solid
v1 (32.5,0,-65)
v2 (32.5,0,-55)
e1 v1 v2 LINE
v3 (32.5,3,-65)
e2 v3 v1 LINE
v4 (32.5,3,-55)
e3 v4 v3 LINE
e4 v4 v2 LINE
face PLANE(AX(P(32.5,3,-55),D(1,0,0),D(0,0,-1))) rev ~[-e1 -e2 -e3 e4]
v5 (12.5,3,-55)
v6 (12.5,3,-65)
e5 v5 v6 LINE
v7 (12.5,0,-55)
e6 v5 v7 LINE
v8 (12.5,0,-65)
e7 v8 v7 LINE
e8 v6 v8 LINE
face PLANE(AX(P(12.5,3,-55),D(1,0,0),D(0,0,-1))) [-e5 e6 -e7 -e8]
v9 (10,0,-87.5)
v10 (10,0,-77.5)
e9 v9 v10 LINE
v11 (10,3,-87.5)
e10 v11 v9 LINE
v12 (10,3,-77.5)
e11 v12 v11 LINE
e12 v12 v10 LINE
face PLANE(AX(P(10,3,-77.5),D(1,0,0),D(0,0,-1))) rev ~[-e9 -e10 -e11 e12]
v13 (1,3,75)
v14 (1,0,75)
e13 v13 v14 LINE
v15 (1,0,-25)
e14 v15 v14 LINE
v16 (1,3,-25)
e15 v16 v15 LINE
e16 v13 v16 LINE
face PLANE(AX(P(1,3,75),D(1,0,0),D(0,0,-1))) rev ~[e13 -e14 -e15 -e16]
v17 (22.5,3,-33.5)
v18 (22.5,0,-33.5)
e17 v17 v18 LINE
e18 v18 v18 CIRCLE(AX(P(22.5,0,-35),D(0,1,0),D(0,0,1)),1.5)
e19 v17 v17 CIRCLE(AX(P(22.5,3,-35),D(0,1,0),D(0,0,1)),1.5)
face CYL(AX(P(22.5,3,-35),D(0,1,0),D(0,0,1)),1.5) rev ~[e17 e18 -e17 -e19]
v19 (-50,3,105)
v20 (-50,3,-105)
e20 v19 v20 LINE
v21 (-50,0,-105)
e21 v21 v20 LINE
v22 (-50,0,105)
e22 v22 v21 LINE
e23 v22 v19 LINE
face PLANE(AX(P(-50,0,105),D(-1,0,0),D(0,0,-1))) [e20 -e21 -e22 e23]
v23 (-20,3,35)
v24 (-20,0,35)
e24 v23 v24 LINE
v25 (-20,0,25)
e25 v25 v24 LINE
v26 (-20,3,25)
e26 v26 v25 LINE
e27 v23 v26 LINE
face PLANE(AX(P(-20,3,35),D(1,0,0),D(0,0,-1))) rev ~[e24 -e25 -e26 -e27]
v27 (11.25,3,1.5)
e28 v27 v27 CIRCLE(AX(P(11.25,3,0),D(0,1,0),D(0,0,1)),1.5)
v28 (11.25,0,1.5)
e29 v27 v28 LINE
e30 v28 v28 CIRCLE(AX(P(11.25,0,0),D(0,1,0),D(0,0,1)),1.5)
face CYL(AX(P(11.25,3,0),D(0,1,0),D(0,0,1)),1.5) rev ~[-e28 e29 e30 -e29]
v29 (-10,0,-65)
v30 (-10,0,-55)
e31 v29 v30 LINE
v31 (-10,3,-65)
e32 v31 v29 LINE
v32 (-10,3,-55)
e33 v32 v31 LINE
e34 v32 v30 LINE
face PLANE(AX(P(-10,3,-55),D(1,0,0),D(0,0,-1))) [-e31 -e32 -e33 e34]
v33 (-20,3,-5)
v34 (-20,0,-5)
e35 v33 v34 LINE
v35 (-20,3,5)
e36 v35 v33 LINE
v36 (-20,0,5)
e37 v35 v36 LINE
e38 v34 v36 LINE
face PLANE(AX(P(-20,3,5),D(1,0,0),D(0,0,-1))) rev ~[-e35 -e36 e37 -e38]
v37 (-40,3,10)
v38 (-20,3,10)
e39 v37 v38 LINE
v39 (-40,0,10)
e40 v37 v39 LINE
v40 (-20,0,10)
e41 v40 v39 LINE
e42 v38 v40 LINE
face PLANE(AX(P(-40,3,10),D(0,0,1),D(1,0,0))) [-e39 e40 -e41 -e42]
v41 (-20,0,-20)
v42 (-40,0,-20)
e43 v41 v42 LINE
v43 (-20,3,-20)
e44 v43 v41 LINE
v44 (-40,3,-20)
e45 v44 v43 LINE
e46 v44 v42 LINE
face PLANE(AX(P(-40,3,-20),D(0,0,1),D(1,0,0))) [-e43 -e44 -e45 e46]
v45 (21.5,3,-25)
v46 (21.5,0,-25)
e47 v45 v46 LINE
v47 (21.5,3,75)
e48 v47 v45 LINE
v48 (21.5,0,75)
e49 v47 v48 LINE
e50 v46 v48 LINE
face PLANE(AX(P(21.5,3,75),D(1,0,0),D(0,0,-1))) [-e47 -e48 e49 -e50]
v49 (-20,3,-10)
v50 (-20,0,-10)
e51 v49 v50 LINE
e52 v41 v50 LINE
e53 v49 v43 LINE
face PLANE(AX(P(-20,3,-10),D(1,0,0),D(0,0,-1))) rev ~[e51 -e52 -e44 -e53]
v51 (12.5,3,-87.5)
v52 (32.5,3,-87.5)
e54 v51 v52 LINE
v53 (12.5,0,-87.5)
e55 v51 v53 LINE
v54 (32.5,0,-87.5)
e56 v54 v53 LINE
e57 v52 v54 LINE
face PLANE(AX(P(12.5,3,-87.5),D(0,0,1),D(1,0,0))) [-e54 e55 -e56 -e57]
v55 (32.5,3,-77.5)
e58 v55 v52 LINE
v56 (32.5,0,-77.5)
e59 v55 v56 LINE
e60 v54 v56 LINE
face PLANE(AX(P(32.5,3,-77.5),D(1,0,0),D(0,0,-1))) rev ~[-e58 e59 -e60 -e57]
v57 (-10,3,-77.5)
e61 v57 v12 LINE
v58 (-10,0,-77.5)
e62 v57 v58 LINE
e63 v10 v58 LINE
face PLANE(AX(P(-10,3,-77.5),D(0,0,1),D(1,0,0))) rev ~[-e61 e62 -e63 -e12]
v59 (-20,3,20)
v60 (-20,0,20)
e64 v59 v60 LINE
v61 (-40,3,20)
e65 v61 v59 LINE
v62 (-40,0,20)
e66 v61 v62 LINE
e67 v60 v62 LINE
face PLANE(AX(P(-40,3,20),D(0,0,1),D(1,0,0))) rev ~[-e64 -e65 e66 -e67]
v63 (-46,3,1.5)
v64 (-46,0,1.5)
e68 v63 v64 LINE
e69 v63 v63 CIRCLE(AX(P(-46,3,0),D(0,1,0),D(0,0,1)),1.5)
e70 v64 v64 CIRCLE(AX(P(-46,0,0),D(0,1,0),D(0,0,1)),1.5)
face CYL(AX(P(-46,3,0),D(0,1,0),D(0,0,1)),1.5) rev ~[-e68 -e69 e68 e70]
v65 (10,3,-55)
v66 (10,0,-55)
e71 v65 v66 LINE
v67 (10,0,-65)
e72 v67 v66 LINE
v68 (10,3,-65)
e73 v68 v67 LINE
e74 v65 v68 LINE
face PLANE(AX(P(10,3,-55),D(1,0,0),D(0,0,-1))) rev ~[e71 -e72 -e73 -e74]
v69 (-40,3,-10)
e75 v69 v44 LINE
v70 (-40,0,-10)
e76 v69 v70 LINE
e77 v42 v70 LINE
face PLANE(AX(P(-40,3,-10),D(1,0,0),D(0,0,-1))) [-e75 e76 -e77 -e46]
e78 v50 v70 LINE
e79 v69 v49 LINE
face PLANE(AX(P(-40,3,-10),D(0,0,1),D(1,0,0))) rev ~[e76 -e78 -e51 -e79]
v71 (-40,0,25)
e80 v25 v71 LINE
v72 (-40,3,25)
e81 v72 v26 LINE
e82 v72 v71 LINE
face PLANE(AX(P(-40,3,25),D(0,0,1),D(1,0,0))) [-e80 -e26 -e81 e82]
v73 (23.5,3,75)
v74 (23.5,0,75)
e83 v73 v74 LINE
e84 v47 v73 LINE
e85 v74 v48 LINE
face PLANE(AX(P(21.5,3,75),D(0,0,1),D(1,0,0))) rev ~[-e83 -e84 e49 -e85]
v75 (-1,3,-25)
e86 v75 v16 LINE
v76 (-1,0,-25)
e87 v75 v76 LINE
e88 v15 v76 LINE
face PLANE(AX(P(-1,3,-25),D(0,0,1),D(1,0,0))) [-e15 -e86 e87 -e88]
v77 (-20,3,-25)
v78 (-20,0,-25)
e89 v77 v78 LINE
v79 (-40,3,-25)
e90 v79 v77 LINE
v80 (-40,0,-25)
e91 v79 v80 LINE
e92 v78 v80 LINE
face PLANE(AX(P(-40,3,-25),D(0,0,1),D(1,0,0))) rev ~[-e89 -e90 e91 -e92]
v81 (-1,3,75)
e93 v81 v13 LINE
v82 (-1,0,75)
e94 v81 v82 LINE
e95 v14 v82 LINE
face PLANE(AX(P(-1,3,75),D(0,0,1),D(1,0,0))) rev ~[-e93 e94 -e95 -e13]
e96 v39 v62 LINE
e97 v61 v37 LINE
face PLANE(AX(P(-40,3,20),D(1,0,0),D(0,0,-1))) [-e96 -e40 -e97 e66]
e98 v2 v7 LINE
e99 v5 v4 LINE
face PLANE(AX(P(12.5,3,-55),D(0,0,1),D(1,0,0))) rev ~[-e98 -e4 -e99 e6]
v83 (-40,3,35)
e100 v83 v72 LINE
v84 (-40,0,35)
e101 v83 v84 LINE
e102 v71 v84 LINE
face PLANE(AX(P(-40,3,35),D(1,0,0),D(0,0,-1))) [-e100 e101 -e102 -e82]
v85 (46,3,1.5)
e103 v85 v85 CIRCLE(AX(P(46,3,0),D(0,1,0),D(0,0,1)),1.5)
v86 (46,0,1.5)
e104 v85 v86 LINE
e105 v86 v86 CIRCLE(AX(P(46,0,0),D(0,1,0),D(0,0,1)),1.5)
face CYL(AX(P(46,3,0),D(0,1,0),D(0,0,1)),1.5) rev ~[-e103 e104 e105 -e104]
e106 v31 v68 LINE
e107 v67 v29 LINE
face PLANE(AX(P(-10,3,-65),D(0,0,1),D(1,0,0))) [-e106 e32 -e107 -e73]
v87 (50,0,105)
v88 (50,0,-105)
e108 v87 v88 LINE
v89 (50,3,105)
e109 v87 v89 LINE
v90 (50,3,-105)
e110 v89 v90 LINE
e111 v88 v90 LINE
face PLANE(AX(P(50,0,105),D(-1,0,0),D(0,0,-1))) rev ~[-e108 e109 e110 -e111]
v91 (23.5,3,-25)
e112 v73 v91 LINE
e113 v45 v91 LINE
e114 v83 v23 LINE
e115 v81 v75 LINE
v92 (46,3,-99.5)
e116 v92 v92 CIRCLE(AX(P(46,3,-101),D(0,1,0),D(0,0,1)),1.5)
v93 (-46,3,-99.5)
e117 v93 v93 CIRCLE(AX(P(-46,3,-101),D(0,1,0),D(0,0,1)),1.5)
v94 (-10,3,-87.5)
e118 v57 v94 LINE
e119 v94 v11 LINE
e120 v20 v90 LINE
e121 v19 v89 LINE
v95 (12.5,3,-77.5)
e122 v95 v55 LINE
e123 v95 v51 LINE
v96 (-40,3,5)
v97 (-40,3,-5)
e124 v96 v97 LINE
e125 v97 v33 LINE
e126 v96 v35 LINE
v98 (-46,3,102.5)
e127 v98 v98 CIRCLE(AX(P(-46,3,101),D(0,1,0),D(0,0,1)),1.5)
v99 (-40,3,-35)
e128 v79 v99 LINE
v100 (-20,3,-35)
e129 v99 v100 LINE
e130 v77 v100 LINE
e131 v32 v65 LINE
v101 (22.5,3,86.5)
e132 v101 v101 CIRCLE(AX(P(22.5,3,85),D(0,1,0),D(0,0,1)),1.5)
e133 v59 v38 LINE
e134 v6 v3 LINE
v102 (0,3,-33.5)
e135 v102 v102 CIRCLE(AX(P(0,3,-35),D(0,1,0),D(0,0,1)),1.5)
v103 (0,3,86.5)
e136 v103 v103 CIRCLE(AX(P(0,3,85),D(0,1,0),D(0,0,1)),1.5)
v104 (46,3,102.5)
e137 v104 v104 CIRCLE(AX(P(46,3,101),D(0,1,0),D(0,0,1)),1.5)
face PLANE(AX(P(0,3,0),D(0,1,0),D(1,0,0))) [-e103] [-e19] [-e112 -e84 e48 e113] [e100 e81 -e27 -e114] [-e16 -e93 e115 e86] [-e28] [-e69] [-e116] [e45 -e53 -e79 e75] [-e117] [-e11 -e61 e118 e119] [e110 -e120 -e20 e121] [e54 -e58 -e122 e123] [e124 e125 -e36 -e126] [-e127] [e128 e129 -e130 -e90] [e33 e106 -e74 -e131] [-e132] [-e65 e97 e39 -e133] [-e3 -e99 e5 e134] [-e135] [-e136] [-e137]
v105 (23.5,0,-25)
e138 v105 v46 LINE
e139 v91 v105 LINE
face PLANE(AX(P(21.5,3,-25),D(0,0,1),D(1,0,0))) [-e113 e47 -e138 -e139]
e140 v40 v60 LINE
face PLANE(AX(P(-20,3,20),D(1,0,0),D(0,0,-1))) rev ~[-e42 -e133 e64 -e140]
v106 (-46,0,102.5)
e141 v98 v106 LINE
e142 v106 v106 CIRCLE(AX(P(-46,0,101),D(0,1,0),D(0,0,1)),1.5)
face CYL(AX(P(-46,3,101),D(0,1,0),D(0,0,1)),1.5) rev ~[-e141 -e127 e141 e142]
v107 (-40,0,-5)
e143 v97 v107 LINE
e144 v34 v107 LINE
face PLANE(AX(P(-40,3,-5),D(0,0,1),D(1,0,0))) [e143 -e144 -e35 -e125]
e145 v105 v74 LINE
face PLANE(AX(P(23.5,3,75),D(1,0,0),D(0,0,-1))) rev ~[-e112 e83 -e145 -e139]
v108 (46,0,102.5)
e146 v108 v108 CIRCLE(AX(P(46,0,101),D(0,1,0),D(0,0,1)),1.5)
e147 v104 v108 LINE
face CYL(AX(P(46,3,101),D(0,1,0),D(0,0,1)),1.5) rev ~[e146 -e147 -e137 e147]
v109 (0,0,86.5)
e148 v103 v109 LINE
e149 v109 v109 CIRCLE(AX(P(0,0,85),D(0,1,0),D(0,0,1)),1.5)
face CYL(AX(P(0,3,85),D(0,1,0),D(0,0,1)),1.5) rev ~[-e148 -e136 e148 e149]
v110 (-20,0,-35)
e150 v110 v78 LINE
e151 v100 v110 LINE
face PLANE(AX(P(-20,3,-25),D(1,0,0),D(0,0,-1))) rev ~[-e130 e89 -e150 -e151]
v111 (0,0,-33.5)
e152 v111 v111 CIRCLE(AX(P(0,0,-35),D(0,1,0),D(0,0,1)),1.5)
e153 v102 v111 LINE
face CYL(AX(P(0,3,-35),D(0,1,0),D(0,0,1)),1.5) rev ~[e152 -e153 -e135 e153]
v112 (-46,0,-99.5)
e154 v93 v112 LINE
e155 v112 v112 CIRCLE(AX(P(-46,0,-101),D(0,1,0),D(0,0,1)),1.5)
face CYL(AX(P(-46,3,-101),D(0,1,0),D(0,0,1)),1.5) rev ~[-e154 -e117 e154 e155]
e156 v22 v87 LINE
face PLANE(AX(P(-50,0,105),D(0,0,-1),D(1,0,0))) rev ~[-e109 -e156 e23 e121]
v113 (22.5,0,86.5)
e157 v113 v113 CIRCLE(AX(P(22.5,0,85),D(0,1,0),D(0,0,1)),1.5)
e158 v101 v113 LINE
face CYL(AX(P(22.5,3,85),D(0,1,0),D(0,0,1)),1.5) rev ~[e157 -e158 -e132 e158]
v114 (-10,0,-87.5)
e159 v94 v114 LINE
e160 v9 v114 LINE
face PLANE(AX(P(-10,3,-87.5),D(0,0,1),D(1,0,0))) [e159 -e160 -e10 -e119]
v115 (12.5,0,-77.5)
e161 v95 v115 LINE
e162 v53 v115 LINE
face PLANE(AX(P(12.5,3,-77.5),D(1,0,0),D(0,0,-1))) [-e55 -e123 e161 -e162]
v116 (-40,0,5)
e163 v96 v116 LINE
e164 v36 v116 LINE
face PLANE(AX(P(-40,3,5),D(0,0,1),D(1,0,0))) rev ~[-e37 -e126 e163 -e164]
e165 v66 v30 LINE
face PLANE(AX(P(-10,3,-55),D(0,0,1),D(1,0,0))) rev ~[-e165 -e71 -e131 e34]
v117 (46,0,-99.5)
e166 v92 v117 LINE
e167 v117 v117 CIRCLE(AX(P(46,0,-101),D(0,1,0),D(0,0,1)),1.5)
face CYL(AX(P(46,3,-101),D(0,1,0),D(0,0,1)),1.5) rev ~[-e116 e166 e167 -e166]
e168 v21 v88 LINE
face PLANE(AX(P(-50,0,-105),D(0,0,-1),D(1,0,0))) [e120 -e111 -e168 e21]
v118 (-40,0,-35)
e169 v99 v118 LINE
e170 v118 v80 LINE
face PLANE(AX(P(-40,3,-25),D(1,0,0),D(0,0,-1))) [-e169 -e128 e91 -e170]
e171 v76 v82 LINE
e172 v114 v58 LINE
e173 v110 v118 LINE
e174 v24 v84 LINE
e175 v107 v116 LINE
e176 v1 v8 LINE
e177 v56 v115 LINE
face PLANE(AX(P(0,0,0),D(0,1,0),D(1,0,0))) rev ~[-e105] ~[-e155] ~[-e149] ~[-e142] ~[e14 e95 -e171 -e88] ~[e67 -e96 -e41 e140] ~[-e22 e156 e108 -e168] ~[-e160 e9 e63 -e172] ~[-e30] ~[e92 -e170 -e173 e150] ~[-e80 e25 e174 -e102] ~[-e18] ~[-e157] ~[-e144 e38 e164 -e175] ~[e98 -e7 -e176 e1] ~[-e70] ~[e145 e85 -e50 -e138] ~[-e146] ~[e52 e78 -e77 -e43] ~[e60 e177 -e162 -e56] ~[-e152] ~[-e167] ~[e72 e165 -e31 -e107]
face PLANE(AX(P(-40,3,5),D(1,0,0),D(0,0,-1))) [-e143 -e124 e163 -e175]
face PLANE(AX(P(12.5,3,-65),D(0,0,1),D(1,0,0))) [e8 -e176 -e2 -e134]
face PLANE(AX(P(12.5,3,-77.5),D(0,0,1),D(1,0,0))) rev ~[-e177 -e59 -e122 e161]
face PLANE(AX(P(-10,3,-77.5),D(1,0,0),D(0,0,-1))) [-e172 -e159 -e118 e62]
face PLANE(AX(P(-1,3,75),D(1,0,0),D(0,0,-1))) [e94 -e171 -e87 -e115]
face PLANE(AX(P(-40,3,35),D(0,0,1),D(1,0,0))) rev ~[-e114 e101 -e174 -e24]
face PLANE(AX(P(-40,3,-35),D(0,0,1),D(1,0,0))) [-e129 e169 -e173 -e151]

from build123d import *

# Parameters (mm, degrees)
SKETCH1_W            = 100
SKETCH1_H            = 210
BOSS_EXTRUDE1_DEPTH  = 3
CUT_EXTRUDE1_REACH   = 118.336
SKETCH3_R            = 1.5
SKETCH3_W            = 2
SKETCH3_H            = 100
LPATTERN1_COUNT      = 2
LPATTERN1_PITCH      = 22.5
CUT_EXTRUDE2_REACH   = 118.336
SKETCH4_W            = 20
SKETCH4_H            = 10
LPATTERN2_COUNT      = 2
LPATTERN2_PITCH      = 22.5
LPATTERN2_COUNT_DIR2 = 2
LPATTERN2_PITCH_DIR2 = 22.5
CUT_EXTRUDE3_REACH   = 118.336
SKETCH5_R            = 1.5
CUT_EXTRUDE4_REACH   = 118.336
SKETCH6_W            = 20
SKETCH6_H            = 10
LPATTERN3_COUNT      = 5
LPATTERN3_PITCH      = 15
CUT_EXTRUDE5_REACH   = 118.336
SKETCH7_R            = 1.5
CUT_EXTRUDE6_REACH   = 118.336
SKETCH8_R            = 1.5


with BuildPart() as part:
    # Sketch1 → Boss-Extrude1 (new body)
    with BuildSketch(Plane(origin=(0, 0, 0), x_dir=(1, 0, 0), z_dir=(0, 1, 0))):
        Rectangle(SKETCH1_W, SKETCH1_H)
    extrude(amount=BOSS_EXTRUDE1_DEPTH)

    # Sketch3 → Cut-Extrude1 (cut, up to next)
    with BuildSketch(Plane(origin=(0, 3, 0), x_dir=(1, 0, 0), z_dir=(0, 1, 0)), mode=Mode.PRIVATE) as cut_extrude1_sk1:
        with Locations(Location((0, -85, 0), (0, 0, 270))):
            Circle(SKETCH3_R)
    cut_extrude1_tool1 = extrude(cut_extrude1_sk1.sketch, amount=-CUT_EXTRUDE1_REACH, mode=Mode.PRIVATE) & part.part
    # Sketch3 → Cut-Extrude1 (cut, up to next)
    with BuildSketch(Plane(origin=(0, 3, 0), x_dir=(1, 0, 0), z_dir=(0, 1, 0)), mode=Mode.PRIVATE) as cut_extrude1_sk2:
        with Locations(Location((0, 35, 0), (0, 0, 270))):
            Circle(SKETCH3_R)
    cut_extrude1_tool2 = extrude(cut_extrude1_sk2.sketch, amount=-CUT_EXTRUDE1_REACH, mode=Mode.PRIVATE) & part.part
    # Sketch3 → Cut-Extrude1 (cut, up to next)
    with BuildSketch(Plane(origin=(0, 3, 0), x_dir=(1, 0, 0), z_dir=(0, 1, 0)), mode=Mode.PRIVATE) as cut_extrude1_sk3:
        with Locations((0, -25)):
            Rectangle(SKETCH3_W, SKETCH3_H)
    cut_extrude1_tool3 = extrude(cut_extrude1_sk3.sketch, amount=-CUT_EXTRUDE1_REACH, mode=Mode.PRIVATE) & part.part
    cut_extrude1_1 = cut_extrude1_tool1.solids().sort_by_distance((0, 3, 85))[0]
    add(cut_extrude1_1, mode=Mode.SUBTRACT)
    cut_extrude1_2 = cut_extrude1_tool2.solids().sort_by_distance((0, 3, -35))[0]
    add(cut_extrude1_2, mode=Mode.SUBTRACT)
    cut_extrude1_3 = cut_extrude1_tool3.solids().sort_by_distance((0, 3, 25))[0]
    add(cut_extrude1_3, mode=Mode.SUBTRACT)
    cut_extrude1 = cut_extrude1_1 + cut_extrude1_2 + cut_extrude1_3  # Cut-Extrude1 as one shape, for the pattern or mirror that repeats it

    # LPattern1: Cut-Extrude1 ×2
    with Locations(*[(i * LPATTERN1_PITCH, 0, 0) for i in range(1, LPATTERN1_COUNT)]):
        add(cut_extrude1, mode=Mode.SUBTRACT)

    # Sketch4 → Cut-Extrude2 (cut, up to next)
    with BuildSketch(Plane(origin=(0, 3, 0), x_dir=(1, 0, 0), z_dir=(0, 1, 0)), mode=Mode.PRIVATE) as cut_extrude2_sk1:
        with Locations((0, 60)):
            Rectangle(SKETCH4_W, SKETCH4_H)
    cut_extrude2_tool1 = extrude(cut_extrude2_sk1.sketch, amount=-CUT_EXTRUDE2_REACH, mode=Mode.PRIVATE) & part.part
    cut_extrude2 = cut_extrude2_tool1.solids().sort_by_distance((0, 3, -60))[0]
    add(cut_extrude2, mode=Mode.SUBTRACT)

    # LPattern2: Cut-Extrude2 2 × 2
    with Locations(*[(i * LPATTERN2_PITCH, 0, -j * LPATTERN2_PITCH_DIR2) for i in range(LPATTERN2_COUNT) for j in range(LPATTERN2_COUNT_DIR2) if (i, j) != (0, 0)]):
        add(cut_extrude2, mode=Mode.SUBTRACT)

    # Sketch5 → Cut-Extrude3 (cut, up to next)
    with BuildSketch(Plane(origin=(0, 3, 0), x_dir=(1, 0, 0), z_dir=(0, 1, 0)), mode=Mode.PRIVATE) as cut_extrude3_sk1:
        with Locations(Location((-46, 101, 0), (0, 0, 270))):
            Circle(SKETCH5_R)
    cut_extrude3_tool1 = extrude(cut_extrude3_sk1.sketch, amount=-CUT_EXTRUDE3_REACH, mode=Mode.PRIVATE) & part.part
    # Sketch5 → Cut-Extrude3 (cut, up to next)
    with BuildSketch(Plane(origin=(0, 3, 0), x_dir=(1, 0, 0), z_dir=(0, 1, 0)), mode=Mode.PRIVATE) as cut_extrude3_sk2:
        with Locations(Location((46, 101, 0), (0, 0, 270))):
            Circle(SKETCH5_R)
    cut_extrude3_tool2 = extrude(cut_extrude3_sk2.sketch, amount=-CUT_EXTRUDE3_REACH, mode=Mode.PRIVATE) & part.part
    # Sketch5 → Cut-Extrude3 (cut, up to next)
    with BuildSketch(Plane(origin=(0, 3, 0), x_dir=(1, 0, 0), z_dir=(0, 1, 0)), mode=Mode.PRIVATE) as cut_extrude3_sk3:
        with Locations(Location((46, -101, 0), (0, 0, 270))):
            Circle(SKETCH5_R)
    cut_extrude3_tool3 = extrude(cut_extrude3_sk3.sketch, amount=-CUT_EXTRUDE3_REACH, mode=Mode.PRIVATE) & part.part
    # Sketch5 → Cut-Extrude3 (cut, up to next)
    with BuildSketch(Plane(origin=(0, 3, 0), x_dir=(1, 0, 0), z_dir=(0, 1, 0)), mode=Mode.PRIVATE) as cut_extrude3_sk4:
        with Locations(Location((-46, -101, 0), (0, 0, 270))):
            Circle(SKETCH5_R)
    cut_extrude3_tool4 = extrude(cut_extrude3_sk4.sketch, amount=-CUT_EXTRUDE3_REACH, mode=Mode.PRIVATE) & part.part
    # Sketch5 → Cut-Extrude3 (cut, up to next)
    with BuildSketch(Plane(origin=(0, 3, 0), x_dir=(1, 0, 0), z_dir=(0, 1, 0)), mode=Mode.PRIVATE) as cut_extrude3_sk5:
        with Locations(Location((11.25, 0, 0), (0, 0, 270))):
            Circle(SKETCH5_R)
    cut_extrude3_tool5 = extrude(cut_extrude3_sk5.sketch, amount=-CUT_EXTRUDE3_REACH, mode=Mode.PRIVATE) & part.part
    add(cut_extrude3_tool1.solids().sort_by_distance((-46, 3, -101))[0], mode=Mode.SUBTRACT)
    add(cut_extrude3_tool2.solids().sort_by_distance((46, 3, -101))[0], mode=Mode.SUBTRACT)
    add(cut_extrude3_tool3.solids().sort_by_distance((46, 3, 101))[0], mode=Mode.SUBTRACT)
    add(cut_extrude3_tool4.solids().sort_by_distance((-46, 3, 101))[0], mode=Mode.SUBTRACT)
    add(cut_extrude3_tool5.solids().sort_by_distance((11.25, 3, 0))[0], mode=Mode.SUBTRACT)

    # Sketch6 → Cut-Extrude4 (cut, up to next)
    with BuildSketch(Plane(origin=(0, 3, 0), x_dir=(1, 0, 0), z_dir=(0, 1, 0)), mode=Mode.PRIVATE) as cut_extrude4_sk1:
        with Locations((-30, 30)):
            Rectangle(SKETCH6_W, SKETCH6_H)
    cut_extrude4_tool1 = extrude(cut_extrude4_sk1.sketch, amount=-CUT_EXTRUDE4_REACH, mode=Mode.PRIVATE) & part.part
    cut_extrude4 = cut_extrude4_tool1.solids().sort_by_distance((-30, 3, -30))[0]
    add(cut_extrude4, mode=Mode.SUBTRACT)

    # LPattern3: Cut-Extrude4 ×5
    with Locations(*[(0, 0, i * LPATTERN3_PITCH) for i in range(1, LPATTERN3_COUNT)]):
        add(cut_extrude4, mode=Mode.SUBTRACT)

    # Sketch7 → Cut-Extrude5 (cut, up to next)
    with BuildSketch(Plane(origin=(0, 3, 0), x_dir=(1, 0, 0), z_dir=(0, 1, 0)), mode=Mode.PRIVATE) as cut_extrude5_sk1:
        with Locations(Location((-46, 0, 0), (0, 0, 270))):
            Circle(SKETCH7_R)
    cut_extrude5_tool1 = extrude(cut_extrude5_sk1.sketch, amount=-CUT_EXTRUDE5_REACH, mode=Mode.PRIVATE) & part.part
    add(cut_extrude5_tool1.solids().sort_by_distance((-46, 3, 0))[0], mode=Mode.SUBTRACT)

    # Sketch8 → Cut-Extrude6 (cut, up to next)
    with BuildSketch(Plane(origin=(0, 3, 0), x_dir=(1, 0, 0), z_dir=(0, 1, 0)), mode=Mode.PRIVATE) as cut_extrude6_sk1:
        with Locations(Location((46, 0, 0), (0, 0, 270))):
            Circle(SKETCH8_R)
    cut_extrude6_tool1 = extrude(cut_extrude6_sk1.sketch, amount=-CUT_EXTRUDE6_REACH, mode=Mode.PRIVATE) & part.part
    add(cut_extrude6_tool1.solids().sort_by_distance((46, 3, 0))[0], mode=Mode.SUBTRACT)


solid = part.part
